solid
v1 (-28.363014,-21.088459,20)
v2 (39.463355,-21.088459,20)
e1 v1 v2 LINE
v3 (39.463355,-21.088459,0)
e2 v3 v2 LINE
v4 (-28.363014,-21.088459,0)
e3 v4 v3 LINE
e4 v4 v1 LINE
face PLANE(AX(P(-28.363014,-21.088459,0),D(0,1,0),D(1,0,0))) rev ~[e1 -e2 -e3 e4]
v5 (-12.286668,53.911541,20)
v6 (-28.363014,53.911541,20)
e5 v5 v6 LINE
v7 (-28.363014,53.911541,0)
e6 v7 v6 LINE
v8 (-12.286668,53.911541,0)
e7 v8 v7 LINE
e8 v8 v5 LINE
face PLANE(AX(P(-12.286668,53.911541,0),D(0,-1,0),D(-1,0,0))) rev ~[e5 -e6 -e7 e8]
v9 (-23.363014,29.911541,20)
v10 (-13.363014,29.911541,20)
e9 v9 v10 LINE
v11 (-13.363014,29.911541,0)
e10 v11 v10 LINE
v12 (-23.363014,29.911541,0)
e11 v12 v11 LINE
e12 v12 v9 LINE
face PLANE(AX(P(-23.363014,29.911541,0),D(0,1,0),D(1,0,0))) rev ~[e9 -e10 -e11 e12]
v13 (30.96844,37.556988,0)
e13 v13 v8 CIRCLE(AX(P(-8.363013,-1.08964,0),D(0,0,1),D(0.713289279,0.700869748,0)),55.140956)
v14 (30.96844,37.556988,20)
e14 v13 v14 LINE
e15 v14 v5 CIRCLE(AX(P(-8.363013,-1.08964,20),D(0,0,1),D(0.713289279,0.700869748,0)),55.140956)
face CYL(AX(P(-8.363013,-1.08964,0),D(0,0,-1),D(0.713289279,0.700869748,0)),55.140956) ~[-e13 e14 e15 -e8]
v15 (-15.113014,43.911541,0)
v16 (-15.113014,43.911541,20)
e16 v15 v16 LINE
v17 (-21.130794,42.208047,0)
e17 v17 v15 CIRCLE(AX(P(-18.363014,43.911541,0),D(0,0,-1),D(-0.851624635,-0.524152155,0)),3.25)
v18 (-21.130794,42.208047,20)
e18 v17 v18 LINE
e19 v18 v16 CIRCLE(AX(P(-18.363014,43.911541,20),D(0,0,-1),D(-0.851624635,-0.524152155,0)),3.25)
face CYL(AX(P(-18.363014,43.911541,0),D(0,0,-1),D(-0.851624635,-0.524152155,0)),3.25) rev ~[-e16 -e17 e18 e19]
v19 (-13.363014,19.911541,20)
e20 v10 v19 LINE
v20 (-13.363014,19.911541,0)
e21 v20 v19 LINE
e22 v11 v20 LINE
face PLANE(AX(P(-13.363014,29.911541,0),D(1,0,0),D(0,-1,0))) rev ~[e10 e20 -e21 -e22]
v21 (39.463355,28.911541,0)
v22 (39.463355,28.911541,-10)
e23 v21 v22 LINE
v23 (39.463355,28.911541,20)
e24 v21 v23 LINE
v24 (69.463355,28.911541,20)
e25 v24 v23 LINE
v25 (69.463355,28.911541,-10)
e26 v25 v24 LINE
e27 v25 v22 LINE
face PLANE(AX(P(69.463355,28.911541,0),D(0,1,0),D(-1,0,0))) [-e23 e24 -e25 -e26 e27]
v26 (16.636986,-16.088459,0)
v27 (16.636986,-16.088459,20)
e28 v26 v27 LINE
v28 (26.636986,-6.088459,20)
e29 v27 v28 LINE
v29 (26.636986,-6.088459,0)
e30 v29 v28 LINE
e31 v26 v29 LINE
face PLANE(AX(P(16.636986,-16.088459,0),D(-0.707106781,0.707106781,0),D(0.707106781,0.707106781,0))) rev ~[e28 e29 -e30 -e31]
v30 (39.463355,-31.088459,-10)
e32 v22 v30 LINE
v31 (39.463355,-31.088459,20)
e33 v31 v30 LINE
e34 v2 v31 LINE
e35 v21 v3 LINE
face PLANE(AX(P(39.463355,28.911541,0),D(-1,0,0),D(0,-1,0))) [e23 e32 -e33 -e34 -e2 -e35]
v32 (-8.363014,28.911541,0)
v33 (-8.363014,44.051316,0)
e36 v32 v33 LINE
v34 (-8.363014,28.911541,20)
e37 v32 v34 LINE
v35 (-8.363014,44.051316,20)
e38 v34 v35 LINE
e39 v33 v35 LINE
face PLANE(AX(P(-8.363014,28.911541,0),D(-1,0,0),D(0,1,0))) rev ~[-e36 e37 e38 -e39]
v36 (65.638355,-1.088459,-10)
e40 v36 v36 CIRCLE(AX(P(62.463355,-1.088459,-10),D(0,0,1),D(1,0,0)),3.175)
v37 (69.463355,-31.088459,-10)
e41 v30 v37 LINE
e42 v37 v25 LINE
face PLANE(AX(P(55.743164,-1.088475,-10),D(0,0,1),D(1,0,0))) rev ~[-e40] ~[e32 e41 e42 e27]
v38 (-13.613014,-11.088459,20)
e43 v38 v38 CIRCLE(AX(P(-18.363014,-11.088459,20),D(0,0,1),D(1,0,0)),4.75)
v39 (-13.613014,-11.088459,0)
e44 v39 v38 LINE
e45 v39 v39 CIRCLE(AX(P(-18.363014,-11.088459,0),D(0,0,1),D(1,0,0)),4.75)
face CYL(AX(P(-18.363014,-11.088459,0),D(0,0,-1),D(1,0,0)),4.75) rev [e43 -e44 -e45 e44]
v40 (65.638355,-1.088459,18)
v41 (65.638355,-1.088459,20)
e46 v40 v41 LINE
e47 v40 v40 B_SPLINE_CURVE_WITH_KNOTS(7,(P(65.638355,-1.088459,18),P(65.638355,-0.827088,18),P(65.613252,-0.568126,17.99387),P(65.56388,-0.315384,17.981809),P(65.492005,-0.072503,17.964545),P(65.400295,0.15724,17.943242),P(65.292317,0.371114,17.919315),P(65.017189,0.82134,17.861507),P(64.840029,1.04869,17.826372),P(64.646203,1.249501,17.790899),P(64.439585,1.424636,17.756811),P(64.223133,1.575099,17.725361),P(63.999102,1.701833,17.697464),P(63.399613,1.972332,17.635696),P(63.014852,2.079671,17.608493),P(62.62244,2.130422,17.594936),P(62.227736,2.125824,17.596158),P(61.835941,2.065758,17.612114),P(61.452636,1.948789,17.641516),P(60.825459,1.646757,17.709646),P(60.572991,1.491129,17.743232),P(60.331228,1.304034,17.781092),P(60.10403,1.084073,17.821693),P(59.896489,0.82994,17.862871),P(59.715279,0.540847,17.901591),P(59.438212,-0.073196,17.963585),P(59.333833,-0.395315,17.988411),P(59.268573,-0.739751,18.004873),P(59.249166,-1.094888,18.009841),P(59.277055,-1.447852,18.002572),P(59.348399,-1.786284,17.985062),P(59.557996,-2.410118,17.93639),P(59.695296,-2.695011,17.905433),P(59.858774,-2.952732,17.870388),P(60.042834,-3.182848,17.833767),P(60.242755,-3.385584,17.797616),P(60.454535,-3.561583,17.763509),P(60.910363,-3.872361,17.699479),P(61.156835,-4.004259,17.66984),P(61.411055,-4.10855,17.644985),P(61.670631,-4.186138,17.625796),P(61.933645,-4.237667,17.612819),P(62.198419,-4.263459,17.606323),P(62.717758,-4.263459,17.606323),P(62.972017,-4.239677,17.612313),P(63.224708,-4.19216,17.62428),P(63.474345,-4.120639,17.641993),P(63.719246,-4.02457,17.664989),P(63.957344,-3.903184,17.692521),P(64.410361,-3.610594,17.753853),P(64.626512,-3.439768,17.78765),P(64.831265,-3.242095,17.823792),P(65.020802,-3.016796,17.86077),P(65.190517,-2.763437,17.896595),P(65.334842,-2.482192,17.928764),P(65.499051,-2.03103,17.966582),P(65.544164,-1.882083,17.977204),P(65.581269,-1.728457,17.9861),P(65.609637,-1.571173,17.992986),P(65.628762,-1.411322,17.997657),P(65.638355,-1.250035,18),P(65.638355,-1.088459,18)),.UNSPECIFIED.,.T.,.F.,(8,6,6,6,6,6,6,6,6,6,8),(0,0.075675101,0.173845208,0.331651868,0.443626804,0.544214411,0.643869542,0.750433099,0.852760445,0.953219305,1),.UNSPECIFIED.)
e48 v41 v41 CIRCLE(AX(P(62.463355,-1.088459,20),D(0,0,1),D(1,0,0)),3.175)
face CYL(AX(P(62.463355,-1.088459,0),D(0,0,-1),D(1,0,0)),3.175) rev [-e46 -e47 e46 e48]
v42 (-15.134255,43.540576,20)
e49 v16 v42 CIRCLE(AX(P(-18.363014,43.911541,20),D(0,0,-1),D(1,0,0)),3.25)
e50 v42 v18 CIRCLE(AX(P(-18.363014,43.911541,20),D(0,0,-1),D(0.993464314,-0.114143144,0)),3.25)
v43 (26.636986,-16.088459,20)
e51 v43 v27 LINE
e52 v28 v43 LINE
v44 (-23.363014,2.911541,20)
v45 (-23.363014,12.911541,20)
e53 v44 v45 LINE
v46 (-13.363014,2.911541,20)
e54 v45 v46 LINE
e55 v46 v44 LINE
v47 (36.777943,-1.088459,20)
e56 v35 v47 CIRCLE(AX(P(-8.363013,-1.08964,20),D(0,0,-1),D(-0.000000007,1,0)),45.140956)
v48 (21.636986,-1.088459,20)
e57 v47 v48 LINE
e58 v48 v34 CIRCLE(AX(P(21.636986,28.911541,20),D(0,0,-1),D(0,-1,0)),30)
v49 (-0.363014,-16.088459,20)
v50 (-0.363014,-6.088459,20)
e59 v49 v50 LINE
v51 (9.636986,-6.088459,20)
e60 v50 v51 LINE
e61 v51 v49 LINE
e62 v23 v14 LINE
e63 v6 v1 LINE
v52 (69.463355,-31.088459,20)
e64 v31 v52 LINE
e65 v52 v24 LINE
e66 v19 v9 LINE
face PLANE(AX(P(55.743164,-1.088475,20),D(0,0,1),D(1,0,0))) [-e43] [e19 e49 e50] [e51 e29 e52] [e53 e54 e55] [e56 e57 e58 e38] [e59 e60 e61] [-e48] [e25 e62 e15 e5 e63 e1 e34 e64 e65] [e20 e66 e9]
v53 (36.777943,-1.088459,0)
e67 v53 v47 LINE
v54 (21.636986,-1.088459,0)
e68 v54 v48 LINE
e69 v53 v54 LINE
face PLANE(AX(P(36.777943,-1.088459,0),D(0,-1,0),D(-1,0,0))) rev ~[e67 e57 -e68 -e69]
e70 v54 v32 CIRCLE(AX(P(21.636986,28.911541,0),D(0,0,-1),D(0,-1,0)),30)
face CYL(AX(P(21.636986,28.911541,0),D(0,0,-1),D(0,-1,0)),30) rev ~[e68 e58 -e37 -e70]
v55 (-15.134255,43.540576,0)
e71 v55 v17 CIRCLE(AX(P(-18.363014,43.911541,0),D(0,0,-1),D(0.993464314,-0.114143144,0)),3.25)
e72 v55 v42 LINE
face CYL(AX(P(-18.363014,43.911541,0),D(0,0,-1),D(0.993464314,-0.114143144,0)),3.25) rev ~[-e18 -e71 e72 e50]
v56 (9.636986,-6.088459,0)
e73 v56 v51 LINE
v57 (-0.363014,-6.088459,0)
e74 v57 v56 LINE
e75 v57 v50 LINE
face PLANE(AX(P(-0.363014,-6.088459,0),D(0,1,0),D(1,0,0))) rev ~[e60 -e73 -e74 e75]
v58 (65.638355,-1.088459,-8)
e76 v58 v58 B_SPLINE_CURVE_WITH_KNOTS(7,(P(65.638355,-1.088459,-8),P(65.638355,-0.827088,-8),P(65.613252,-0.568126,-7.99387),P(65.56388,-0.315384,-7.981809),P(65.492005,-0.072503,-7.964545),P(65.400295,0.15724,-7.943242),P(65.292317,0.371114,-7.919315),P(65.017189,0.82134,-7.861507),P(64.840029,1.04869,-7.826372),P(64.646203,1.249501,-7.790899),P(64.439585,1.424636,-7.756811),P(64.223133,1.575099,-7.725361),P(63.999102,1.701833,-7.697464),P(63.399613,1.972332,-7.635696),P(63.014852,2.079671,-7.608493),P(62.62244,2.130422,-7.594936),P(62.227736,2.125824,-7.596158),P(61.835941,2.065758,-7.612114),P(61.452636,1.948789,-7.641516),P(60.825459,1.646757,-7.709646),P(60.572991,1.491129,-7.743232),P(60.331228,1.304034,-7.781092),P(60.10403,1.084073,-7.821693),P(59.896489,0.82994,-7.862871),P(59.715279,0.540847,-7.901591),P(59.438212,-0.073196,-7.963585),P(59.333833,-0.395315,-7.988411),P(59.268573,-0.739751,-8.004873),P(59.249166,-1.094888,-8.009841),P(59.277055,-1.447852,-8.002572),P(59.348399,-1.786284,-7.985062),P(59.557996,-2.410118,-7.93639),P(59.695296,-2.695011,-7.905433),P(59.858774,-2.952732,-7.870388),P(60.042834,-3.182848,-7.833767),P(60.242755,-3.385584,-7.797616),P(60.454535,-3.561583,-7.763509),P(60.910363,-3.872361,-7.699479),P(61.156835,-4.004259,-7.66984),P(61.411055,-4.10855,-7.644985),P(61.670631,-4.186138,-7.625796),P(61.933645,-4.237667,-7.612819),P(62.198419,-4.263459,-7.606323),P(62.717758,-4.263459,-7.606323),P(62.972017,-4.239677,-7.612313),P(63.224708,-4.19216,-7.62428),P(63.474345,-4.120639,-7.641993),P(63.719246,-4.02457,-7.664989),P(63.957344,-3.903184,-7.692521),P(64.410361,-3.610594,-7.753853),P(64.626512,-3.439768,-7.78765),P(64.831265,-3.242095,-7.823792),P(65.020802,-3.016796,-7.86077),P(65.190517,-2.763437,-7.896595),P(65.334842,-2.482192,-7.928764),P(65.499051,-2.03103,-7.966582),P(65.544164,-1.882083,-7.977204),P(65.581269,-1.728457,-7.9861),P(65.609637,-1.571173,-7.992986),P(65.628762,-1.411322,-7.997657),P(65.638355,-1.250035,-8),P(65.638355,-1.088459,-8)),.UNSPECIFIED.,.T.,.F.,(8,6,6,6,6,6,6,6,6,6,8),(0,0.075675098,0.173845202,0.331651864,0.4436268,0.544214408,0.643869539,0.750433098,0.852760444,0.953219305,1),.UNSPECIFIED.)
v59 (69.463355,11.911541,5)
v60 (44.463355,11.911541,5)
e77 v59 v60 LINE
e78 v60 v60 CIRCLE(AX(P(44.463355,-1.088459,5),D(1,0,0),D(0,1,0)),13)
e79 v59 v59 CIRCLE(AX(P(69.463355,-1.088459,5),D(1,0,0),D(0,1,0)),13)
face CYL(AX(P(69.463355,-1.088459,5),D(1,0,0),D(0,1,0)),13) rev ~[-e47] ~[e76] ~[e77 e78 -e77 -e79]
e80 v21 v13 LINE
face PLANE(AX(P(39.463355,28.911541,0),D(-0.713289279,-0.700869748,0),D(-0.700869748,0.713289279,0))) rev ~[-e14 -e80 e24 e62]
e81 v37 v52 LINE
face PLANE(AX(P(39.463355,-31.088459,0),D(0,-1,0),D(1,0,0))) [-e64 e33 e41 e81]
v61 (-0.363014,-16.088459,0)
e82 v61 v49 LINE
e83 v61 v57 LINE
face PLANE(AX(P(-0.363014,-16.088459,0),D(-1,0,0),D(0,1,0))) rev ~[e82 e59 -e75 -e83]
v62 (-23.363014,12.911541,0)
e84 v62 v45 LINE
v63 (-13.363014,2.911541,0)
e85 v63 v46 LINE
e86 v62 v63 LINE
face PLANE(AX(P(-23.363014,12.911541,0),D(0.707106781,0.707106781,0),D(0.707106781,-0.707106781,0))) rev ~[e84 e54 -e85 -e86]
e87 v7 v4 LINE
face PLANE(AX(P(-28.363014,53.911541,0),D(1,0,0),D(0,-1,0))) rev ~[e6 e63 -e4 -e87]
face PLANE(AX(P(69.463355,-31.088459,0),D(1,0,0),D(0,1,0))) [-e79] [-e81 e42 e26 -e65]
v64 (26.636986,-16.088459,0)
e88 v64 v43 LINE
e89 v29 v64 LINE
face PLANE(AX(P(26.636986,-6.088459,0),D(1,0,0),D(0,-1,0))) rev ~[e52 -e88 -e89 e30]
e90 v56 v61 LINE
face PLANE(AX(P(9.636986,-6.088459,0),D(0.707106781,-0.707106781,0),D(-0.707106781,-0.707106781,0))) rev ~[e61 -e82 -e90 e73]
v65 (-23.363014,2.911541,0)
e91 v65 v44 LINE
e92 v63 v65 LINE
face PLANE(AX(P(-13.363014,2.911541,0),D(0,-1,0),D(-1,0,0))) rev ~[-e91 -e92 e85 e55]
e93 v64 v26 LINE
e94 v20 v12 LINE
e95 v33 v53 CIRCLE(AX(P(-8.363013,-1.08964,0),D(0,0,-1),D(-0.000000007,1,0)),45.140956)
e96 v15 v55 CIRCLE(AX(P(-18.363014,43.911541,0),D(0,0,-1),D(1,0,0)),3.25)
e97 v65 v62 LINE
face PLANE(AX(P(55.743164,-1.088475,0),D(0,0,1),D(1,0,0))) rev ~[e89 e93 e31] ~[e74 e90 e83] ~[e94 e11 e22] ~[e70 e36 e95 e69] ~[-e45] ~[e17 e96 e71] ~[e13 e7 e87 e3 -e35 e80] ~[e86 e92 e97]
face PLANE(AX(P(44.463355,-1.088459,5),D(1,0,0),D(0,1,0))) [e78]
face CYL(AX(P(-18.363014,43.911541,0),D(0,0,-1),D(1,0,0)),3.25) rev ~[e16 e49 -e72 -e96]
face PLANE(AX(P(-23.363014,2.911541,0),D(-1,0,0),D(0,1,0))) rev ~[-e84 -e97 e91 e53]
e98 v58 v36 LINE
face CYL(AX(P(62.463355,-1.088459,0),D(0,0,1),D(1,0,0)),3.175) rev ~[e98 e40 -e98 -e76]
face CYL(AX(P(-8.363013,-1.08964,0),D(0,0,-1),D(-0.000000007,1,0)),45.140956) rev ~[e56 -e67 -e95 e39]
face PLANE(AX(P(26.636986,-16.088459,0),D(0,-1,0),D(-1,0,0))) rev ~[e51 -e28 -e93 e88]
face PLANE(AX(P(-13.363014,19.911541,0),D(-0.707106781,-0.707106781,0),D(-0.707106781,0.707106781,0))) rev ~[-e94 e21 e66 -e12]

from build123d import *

# Parameters (mm, degrees)
F0_R     = 3.175
F0_R_2   = 4.75
F1_DEPTH = 20
F2_DEPTH = 10
F3_R     = 13
F4_DEPTH = 25


with BuildPart() as f1:
    # F0 (on Top) → F1 (new body)
    with BuildSketch(Plane.XY):
        with BuildLine():
            ThreePointArc((46.7779429864, -1.0896403725), (44.9179247951, -15.2905803426), (39.4633547217, -28.5334663203))
            Line((39.4633547217, -28.5334663203), (39.4633547217, -31.0884585977))
            Line((39.4633547217, -31.0884585977), (69.4633547217, -31.0884585977))
            Line((69.4633547217, -31.0884585977), (69.4633547217, 28.9115414023))
            Line((69.4633547217, 28.9115414023), (39.4633547217, 28.9115414023))
            Line((39.4633547217, 28.9115414023), (39.4633547217, 26.3541855753))
            ThreePointArc((39.4633547217, 26.3541855753), (44.9179247951, 13.1112995976), (46.7779429864, -1.0896403725))
        make_face()
        with Locations((62.4633547217, -1.0884585977)):
            Circle(F0_R, mode=Mode.SUBTRACT)
        with BuildLine():
            Line((39.4633547217, -21.0884585977), (39.4633547217, -28.5334663203))
            ThreePointArc((39.4633547217, -28.5334663203), (44.9179247951, -15.2905803426), (46.7779429864, -1.0896403725))
            ThreePointArc((46.7779429864, -1.0896403725), (44.9179247951, 13.1112995976), (39.4633547217, 26.3541855753))
            Line((39.4633547217, 26.3541855753), (39.4633547217, -1.0884585977))
            Line((39.4633547217, -1.0884585977), (39.4633547217, -21.0884585977))
        make_face()
        with BuildLine():
            ThreePointArc((-21.1307937025, 42.2080468981), (-24.8078552391, 40.9493072035), (-28.36301364, 39.3789391232))
            Line((-28.36301364, 39.3789391232), (-28.36301364, -21.0884585977))
            Line((-28.36301364, -21.0884585977), (-8.36301364, -21.0884585977))
            Line((-8.36301364, -21.0884585977), (32.1061503242, -21.0884585977))
            ThreePointArc((32.1061503242, -21.0884585977), (35.5944813997, -11.3582622017), (36.7779429864, -1.0896403725))
            ThreePointArc((36.7779429864, -1.0896403725), (36.7779429825, -1.0890494851), (36.7779429709, -1.0884585977))
            Line((36.7779429709, -1.0884585977), (21.63698636, -1.0884585977))
            ThreePointArc((21.63698636, -1.0884585977), (0.4237829244, 7.6983379667), (-8.36301364, 28.9115414023))
            Line((-8.36301364, 28.9115414023), (-8.36301364, 44.0513159565))
            ThreePointArc((-8.36301364, 44.0513159565), (-11.7582514634, 43.9234499058), (-15.1342546205, 43.5405761837))
            ThreePointArc((-15.1342546205, 43.5405761837), (-17.6580072755, 40.7389295405), (-21.1307937025, 42.2080468981))
        make_face()
        with Locations((-18.36301364, -11.0884585977)):
            Circle(F0_R_2, mode=Mode.SUBTRACT)
        Polygon((-0.36301364, -6.0884585977), (9.63698636, -6.0884585977), (-0.36301364, -16.0884585977), align=None, mode=Mode.SUBTRACT)
        Polygon((26.63698636, -16.0884585977), (16.63698636, -16.0884585977), (26.63698636, -6.0884585977), align=None, mode=Mode.SUBTRACT)
        Polygon((-23.36301364, 2.9115414023), (-23.36301364, 12.9115414023), (-13.36301364, 2.9115414023), align=None, mode=Mode.SUBTRACT)
        Polygon((-13.36301364, 29.9115414023), (-13.36301364, 19.9115414023), (-23.36301364, 29.9115414023), align=None, mode=Mode.SUBTRACT)
        with BuildLine():
            ThreePointArc((36.7779429864, -1.0896403725), (35.5944813997, -11.3582622017), (32.1061503242, -21.0884585977))
            Line((32.1061503242, -21.0884585977), (39.4633547217, -21.0884585977))
            Line((39.4633547217, -21.0884585977), (39.4633547217, -1.0884585977))
            Line((39.4633547217, -1.0884585977), (36.7779429709, -1.0884585977))
            ThreePointArc((36.7779429709, -1.0884585977), (36.7779429825, -1.0890494851), (36.7779429864, -1.0896403725))
        make_face()
        with BuildLine():
            ThreePointArc((30.9684396656, 37.5569878005), (11.1381634558, 50.4877691044), (-12.2866683032, 53.9115414023))
            Line((-12.2866683032, 53.9115414023), (-8.36301364, 53.9115414023))
            Line((-8.36301364, 53.9115414023), (-8.36301364, 44.0513159565))
            ThreePointArc((-8.36301364, 44.0513159565), (23.5560450585, 30.8302538799), (36.7779429709, -1.0884585977))
            Line((36.7779429709, -1.0884585977), (39.4633547217, -1.0884585977))
            Line((39.4633547217, -1.0884585977), (39.4633547217, 26.3541855753))
            ThreePointArc((39.4633547217, 26.3541855753), (35.5744096354, 32.2274412363), (30.9684396656, 37.5569878005))
        make_face()
        with BuildLine():
            Line((-8.36301364, 53.9115414023), (-12.2866683032, 53.9115414023))
            ThreePointArc((-12.2866683032, 53.9115414023), (-20.4606426016, 52.7078728711), (-28.36301364, 50.296399103))
            Line((-28.36301364, 50.296399103), (-28.36301364, 39.3789391232))
            ThreePointArc((-28.36301364, 39.3789391232), (-24.8078552391, 40.9493072035), (-21.1307937025, 42.2080468981))
            ThreePointArc((-21.1307937025, 42.2080468981), (-19.2482296581, 47.038663498), (-15.11301364, 43.9115414023))
            ThreePointArc((-15.11301364, 43.9115414023), (-15.1183282305, 43.7257549842), (-15.1342546205, 43.5405761837))
            ThreePointArc((-15.1342546205, 43.5405761837), (-11.7582514634, 43.9234499058), (-8.36301364, 44.0513159565))
            Line((-8.36301364, 44.0513159565), (-8.36301364, 53.9115414023))
        make_face()
        with BuildLine():
            Line((-12.2866683032, 53.9115414023), (-28.36301364, 53.9115414023))
            Line((-28.36301364, 53.9115414023), (-28.36301364, 50.296399103))
            ThreePointArc((-28.36301364, 50.296399103), (-20.4606426016, 52.7078728711), (-12.2866683032, 53.9115414023))
        make_face()
        with BuildLine():
            Line((39.4633547217, 28.9115414023), (30.9684396656, 37.5569878005))
            ThreePointArc((30.9684396656, 37.5569878005), (35.5744096354, 32.2274412363), (39.4633547217, 26.3541855753))
            Line((39.4633547217, 26.3541855753), (39.4633547217, 28.9115414023))
        make_face()
    extrude(amount=F1_DEPTH)

    # F0 (on Top) → F2 (join)
    with BuildSketch(Plane.XY):
        with BuildLine():
            ThreePointArc((46.7779429864, -1.0896403725), (44.9179247951, -15.2905803426), (39.4633547217, -28.5334663203))
            Line((39.4633547217, -28.5334663203), (39.4633547217, -31.0884585977))
            Line((39.4633547217, -31.0884585977), (69.4633547217, -31.0884585977))
            Line((69.4633547217, -31.0884585977), (69.4633547217, 28.9115414023))
            Line((69.4633547217, 28.9115414023), (39.4633547217, 28.9115414023))
            Line((39.4633547217, 28.9115414023), (39.4633547217, 26.3541855753))
            ThreePointArc((39.4633547217, 26.3541855753), (44.9179247951, 13.1112995976), (46.7779429864, -1.0896403725))
        make_face()
        with Locations((62.4633547217, -1.0884585977)):
            Circle(F0_R, mode=Mode.SUBTRACT)
        with BuildLine():
            Line((39.4633547217, -21.0884585977), (39.4633547217, -28.5334663203))
            ThreePointArc((39.4633547217, -28.5334663203), (44.9179247951, -15.2905803426), (46.7779429864, -1.0896403725))
            ThreePointArc((46.7779429864, -1.0896403725), (44.9179247951, 13.1112995976), (39.4633547217, 26.3541855753))
            Line((39.4633547217, 26.3541855753), (39.4633547217, -1.0884585977))
            Line((39.4633547217, -1.0884585977), (39.4633547217, -21.0884585977))
        make_face()
    extrude(amount=-F2_DEPTH)

    # F3 (on face) → F4 (cut)
    with BuildSketch(Plane.YZ.offset(69.4633547217)):
        with Locations((-1.0884585977, 5)):
            Circle(F3_R)
    extrude(amount=-F4_DEPTH, mode=Mode.SUBTRACT)


solid = f1.part
